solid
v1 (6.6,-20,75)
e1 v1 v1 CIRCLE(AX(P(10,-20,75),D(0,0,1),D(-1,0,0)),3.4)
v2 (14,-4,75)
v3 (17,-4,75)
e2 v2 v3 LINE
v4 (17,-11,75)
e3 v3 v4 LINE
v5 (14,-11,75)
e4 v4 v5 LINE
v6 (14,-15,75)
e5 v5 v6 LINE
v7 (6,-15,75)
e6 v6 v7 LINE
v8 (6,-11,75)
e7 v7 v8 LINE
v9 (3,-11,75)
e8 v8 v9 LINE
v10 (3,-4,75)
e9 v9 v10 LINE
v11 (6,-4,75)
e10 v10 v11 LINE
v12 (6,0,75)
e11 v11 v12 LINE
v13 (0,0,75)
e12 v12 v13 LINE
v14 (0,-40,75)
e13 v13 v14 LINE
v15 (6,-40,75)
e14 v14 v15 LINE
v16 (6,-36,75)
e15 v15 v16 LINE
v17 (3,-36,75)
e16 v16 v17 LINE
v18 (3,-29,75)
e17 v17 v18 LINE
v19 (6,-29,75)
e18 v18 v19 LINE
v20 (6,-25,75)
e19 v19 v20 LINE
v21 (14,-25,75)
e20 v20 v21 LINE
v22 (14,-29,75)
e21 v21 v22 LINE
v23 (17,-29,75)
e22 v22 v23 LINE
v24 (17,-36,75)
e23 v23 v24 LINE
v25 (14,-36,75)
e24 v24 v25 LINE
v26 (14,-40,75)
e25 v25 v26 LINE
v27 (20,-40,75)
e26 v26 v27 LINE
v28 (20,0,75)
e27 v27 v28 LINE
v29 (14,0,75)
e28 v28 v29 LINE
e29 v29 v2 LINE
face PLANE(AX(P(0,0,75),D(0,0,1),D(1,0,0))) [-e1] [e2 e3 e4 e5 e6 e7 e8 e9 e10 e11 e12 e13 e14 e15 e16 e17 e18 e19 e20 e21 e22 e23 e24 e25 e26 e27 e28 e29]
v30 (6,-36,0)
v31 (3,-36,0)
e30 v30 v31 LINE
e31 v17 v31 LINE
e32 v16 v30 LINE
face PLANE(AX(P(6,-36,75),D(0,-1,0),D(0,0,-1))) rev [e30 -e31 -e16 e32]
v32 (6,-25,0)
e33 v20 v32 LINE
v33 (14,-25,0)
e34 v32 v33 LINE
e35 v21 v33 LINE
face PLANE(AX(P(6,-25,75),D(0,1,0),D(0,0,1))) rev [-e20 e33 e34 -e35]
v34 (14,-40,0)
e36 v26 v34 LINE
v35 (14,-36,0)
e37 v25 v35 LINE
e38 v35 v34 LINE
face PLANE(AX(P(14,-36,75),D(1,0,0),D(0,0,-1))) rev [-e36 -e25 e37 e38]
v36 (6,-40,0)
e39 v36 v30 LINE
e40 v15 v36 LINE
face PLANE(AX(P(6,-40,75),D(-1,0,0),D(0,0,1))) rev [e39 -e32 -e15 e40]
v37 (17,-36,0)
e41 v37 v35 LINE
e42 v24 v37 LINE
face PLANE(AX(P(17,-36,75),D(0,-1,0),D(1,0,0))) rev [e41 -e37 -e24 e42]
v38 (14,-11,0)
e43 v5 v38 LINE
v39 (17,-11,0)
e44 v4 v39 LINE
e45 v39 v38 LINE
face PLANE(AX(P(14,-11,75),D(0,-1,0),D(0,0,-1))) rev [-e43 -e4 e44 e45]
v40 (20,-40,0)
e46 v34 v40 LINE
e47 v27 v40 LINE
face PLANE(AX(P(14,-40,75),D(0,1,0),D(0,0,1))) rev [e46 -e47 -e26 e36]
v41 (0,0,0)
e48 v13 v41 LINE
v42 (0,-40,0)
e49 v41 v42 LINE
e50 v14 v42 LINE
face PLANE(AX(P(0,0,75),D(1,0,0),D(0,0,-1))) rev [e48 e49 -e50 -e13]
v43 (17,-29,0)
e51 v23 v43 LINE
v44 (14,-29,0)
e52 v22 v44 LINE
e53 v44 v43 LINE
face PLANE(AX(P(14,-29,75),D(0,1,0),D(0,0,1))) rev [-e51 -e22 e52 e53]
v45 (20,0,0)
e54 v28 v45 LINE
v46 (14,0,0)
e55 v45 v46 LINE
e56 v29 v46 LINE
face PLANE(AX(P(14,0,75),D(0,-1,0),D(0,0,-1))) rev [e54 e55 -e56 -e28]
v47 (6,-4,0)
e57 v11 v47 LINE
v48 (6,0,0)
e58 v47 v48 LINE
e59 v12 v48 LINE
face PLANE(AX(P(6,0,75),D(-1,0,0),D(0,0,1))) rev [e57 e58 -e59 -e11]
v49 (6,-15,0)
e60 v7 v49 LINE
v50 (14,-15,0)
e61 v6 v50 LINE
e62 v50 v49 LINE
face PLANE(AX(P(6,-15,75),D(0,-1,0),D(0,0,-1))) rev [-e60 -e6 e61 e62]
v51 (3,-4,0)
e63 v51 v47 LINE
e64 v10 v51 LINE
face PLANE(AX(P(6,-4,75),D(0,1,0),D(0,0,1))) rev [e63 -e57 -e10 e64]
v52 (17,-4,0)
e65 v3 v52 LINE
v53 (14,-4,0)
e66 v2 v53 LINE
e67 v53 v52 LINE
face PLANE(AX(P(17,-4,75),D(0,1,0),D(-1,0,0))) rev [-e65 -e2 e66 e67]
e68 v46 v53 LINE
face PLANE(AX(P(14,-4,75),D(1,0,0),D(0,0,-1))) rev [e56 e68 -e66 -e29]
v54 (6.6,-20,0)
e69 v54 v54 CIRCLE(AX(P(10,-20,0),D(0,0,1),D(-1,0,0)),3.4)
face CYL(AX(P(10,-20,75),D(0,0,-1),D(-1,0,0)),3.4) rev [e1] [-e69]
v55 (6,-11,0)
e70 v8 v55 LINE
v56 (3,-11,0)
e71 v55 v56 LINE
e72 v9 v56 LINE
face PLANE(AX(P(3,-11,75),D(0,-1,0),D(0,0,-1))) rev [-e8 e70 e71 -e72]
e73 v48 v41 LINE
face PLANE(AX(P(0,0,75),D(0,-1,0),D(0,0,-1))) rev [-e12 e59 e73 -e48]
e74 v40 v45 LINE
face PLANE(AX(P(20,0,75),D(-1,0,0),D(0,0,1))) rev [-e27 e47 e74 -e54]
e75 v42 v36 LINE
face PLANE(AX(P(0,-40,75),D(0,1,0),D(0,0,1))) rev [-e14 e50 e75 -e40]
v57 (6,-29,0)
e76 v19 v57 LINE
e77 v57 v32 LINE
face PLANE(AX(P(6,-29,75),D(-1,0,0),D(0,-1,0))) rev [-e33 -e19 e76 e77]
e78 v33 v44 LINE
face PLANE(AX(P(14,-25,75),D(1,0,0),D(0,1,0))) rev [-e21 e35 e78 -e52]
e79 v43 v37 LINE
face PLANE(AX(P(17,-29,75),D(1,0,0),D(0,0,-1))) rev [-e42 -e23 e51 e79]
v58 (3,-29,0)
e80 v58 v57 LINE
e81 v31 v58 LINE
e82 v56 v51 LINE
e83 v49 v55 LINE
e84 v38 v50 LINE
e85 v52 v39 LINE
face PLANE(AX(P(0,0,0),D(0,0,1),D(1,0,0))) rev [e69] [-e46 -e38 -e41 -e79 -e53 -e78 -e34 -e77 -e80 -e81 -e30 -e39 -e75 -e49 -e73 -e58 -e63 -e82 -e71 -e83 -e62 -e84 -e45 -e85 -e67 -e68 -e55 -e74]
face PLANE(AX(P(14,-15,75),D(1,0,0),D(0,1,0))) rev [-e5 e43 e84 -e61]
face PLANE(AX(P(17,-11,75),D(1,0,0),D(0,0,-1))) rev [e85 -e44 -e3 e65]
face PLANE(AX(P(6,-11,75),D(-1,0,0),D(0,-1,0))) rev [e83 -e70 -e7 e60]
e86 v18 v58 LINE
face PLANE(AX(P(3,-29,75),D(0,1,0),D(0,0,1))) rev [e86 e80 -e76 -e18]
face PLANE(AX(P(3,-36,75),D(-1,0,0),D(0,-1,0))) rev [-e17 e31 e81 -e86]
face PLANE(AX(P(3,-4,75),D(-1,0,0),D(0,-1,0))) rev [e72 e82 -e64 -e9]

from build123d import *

# Parameters (mm, degrees)
SKETCH_2_R      = 3.4
EXTRUDE_1_DEPTH = 75


with BuildPart() as part:
    # 草图2 → 凸台-拉伸1 (new body)
    with BuildSketch(Plane.XY):
        Polygon((0, 0), (6, 0), (6, -4), (3, -4), (3, -11), (6, -11), (6, -15), (14, -15), (14, -11), (17, -11), (17, -4), (14, -4), (14, 0), (20, 0), (20, -40), (14, -40), (14, -36), (17, -36), (17, -29), (14, -29), (14, -25), (6, -25), (6, -29), (3, -29), (3, -36), (6, -36), (6, -40), (0, -40), align=None)
        with Locations(Location((10, -20, 0), (0, 0, 180))):
            Circle(SKETCH_2_R, mode=Mode.SUBTRACT)
    extrude(amount=EXTRUDE_1_DEPTH)


solid = part.part
